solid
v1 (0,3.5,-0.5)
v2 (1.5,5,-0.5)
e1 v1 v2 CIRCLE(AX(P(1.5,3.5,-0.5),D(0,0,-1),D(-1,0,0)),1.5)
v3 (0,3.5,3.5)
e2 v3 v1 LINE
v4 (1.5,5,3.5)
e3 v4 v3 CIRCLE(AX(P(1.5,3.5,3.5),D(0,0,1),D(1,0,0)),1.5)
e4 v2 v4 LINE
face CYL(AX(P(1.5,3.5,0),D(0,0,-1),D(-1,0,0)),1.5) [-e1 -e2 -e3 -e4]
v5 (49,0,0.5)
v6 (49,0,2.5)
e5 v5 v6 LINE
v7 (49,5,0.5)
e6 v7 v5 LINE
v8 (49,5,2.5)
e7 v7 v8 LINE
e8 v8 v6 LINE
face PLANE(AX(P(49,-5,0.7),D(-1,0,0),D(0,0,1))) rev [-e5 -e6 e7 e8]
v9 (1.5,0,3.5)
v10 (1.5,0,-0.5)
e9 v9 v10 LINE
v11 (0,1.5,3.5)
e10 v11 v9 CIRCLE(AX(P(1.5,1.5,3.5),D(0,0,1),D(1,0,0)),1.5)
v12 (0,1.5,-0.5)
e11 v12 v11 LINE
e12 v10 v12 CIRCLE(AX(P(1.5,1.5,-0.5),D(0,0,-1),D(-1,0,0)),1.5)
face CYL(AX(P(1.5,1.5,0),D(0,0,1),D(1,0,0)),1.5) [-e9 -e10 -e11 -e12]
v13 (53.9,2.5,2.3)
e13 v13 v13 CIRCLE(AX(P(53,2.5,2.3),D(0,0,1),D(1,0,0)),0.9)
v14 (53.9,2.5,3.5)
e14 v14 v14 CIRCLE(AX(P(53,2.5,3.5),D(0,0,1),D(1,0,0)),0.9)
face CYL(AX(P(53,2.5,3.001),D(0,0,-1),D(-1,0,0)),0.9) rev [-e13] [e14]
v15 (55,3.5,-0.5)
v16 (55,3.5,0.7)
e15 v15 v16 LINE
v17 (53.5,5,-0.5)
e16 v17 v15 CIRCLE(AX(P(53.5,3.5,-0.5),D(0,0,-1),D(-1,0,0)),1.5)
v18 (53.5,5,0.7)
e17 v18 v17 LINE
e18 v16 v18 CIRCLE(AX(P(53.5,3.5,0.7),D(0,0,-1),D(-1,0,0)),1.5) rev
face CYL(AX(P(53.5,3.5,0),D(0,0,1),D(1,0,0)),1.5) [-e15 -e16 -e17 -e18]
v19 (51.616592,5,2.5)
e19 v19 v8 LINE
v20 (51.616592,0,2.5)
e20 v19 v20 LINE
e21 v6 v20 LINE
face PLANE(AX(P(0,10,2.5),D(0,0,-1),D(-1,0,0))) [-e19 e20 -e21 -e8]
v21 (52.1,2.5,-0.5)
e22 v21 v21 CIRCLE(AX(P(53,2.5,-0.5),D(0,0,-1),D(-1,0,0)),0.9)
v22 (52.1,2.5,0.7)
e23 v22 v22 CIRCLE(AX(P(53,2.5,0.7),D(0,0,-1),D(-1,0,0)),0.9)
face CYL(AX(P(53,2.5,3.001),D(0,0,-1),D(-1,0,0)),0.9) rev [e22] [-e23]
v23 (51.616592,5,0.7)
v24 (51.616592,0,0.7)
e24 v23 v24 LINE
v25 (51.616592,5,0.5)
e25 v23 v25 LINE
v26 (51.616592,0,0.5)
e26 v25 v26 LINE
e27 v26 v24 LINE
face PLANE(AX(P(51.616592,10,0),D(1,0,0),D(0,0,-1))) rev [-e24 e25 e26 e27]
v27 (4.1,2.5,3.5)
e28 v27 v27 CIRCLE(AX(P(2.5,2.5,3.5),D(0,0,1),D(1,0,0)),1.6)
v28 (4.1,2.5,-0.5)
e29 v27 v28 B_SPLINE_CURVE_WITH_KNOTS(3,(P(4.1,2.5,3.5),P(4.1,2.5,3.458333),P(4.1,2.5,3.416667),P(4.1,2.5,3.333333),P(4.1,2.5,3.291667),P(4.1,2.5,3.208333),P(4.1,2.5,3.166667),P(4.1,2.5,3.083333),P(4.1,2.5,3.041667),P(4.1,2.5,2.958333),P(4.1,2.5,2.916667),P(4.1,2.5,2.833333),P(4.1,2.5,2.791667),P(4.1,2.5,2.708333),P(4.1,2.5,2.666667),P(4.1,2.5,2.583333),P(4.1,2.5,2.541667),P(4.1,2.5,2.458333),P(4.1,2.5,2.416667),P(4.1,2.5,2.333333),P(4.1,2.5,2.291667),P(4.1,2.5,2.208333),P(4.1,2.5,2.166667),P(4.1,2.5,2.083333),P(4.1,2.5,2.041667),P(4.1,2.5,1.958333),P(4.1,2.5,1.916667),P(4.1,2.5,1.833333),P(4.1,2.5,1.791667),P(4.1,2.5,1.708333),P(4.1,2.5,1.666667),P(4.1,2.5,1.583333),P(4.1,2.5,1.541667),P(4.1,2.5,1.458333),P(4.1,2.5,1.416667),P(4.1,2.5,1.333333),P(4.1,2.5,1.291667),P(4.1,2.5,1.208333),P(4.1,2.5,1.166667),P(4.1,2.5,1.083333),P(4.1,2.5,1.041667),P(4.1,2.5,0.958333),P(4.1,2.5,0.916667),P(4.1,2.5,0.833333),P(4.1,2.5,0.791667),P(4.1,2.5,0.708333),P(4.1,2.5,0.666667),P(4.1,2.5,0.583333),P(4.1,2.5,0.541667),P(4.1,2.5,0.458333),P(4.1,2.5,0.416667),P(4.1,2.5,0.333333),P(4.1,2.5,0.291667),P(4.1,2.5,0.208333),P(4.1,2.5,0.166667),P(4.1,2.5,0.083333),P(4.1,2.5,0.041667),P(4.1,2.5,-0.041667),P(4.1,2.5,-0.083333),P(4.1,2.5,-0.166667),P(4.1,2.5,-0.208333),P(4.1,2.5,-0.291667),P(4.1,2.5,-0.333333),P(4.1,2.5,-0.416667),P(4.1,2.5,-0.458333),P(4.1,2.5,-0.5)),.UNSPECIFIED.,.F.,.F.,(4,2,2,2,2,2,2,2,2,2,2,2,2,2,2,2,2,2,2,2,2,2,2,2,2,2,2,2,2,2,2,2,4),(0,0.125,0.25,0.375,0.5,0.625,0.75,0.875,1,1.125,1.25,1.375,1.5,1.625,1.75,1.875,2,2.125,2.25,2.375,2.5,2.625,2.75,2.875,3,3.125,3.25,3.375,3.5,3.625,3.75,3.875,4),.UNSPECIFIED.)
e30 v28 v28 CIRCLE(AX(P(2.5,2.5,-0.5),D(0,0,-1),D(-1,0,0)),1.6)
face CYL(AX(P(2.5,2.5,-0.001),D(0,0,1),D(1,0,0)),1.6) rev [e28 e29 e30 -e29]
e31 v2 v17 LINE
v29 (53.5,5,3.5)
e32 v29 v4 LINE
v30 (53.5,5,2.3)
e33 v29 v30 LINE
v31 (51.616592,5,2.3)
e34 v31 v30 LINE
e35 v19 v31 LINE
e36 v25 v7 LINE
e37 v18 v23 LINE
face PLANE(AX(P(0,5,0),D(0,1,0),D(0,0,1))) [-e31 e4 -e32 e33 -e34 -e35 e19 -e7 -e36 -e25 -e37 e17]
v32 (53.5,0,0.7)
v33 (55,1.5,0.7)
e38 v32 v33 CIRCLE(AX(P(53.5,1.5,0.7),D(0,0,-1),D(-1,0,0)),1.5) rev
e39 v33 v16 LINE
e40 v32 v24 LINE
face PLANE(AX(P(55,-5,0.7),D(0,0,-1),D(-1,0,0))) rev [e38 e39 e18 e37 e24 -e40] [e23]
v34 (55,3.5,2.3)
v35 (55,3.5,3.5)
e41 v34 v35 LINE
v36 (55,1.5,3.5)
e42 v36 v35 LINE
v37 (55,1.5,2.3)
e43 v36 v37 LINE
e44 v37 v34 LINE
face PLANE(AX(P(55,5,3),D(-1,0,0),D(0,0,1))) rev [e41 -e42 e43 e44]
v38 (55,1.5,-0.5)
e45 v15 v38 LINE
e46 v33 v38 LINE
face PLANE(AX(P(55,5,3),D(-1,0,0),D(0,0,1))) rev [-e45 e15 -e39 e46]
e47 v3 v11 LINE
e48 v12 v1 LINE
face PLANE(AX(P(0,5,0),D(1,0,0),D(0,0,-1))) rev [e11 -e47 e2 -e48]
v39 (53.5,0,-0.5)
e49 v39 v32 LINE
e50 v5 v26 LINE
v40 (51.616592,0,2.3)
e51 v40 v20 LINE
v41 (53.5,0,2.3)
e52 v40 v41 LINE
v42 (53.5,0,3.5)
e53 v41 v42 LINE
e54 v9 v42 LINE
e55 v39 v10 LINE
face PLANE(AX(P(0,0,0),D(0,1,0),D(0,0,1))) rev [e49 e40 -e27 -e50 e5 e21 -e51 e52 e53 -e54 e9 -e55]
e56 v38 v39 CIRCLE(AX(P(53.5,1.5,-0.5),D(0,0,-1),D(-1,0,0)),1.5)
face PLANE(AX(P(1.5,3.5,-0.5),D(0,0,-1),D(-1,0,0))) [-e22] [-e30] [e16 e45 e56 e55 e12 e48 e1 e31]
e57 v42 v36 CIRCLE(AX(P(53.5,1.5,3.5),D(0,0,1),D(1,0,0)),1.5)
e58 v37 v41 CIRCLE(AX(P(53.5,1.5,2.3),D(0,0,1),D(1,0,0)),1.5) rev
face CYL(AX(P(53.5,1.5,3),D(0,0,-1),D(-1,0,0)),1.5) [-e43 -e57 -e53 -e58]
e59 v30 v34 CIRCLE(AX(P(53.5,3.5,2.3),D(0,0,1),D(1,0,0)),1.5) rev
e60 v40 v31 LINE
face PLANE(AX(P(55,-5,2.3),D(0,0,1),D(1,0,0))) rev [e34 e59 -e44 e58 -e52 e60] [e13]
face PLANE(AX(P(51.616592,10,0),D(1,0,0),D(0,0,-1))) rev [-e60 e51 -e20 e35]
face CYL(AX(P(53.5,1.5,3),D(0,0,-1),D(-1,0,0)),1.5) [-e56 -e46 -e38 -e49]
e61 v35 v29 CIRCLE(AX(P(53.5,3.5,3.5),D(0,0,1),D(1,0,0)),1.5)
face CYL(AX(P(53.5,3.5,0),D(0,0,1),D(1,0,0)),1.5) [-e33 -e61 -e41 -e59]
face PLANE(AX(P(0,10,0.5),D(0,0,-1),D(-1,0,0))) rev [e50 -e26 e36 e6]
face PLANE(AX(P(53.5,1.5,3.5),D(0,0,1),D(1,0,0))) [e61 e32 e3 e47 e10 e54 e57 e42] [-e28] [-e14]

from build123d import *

# Parameters (mm, degrees)
SKETCH_5_W          = 55
SKETCH_5_H          = 3
EXTRUDE_1_DEPTH     = 5
CUT_EXTRUDE_1_REACH = 57.308
SKETCH_6_R          = 1.6
CUT_EXTRUDE_2_REACH = 57.308
SKETCH_7_R          = 0.9
FILLET_1_R          = 1.5
SKETCH_8_W          = 6
SKETCH_8_H          = 1.6
CUT_EXTRUDE_3_DEPTH = 10
SKETCH_9_W          = 2.616592429
SKETCH_9_H          = 0.2
CUT_EXTRUDE_4_DEPTH = 10
SKETCH_10_R         = 1.6
SKETCH_10_R_2       = 0.9
EXTRUDE_2_DEPTH     = 0.5
EXTRUDE_START       = 0.5
SKETCH_11_R         = 0.9
SKETCH_11_R_2       = 1.6
EXTRUDE_3_DEPTH     = 0.5


with BuildPart() as part:
    # 草图5 → 凸台-拉伸1 (new body)
    with BuildSketch(Plane(origin=(0, 0, 0), x_dir=(1, 0, 0), z_dir=(0, 1, 0))):
        with Locations((27.5, -1.5)):
            Rectangle(SKETCH_5_W, SKETCH_5_H)
    extrude(amount=EXTRUDE_1_DEPTH)

    # 草图6 → 切除-拉伸1 (cut, up to next)
    with BuildSketch(Plane.XY.offset(3), mode=Mode.PRIVATE) as cut_extrude_1_sk1:
        with Locations((2.5, 2.5)):
            Circle(SKETCH_6_R)
    cut_extrude_1_tool1 = extrude(cut_extrude_1_sk1.sketch, amount=-CUT_EXTRUDE_1_REACH, mode=Mode.PRIVATE) & part.part
    add(cut_extrude_1_tool1.solids().sort_by_distance((2.5, 2.5, 3))[0], mode=Mode.SUBTRACT)

    # 草图7 → 切除-拉伸2 (cut, up to next)
    with BuildSketch(Plane.XY, mode=Mode.PRIVATE) as cut_extrude_2_sk1:
        with Locations(Location((53, 2.5, 0), (0, 0, 180))):
            Circle(SKETCH_7_R)
    cut_extrude_2_tool1 = extrude(cut_extrude_2_sk1.sketch, amount=CUT_EXTRUDE_2_REACH, mode=Mode.PRIVATE) & part.part
    add(cut_extrude_2_tool1.solids().sort_by_distance((53, 2.5, 0))[0], mode=Mode.SUBTRACT)

    # 圆角1
    fillet_1_edges = [part.edges().sort_by_distance(p)[0] for p in [
        (55, 5, 1.5),
        (55, 0, 1.5),
        (0, 0, 1.5),
        (0, 5, 1.5),
    ]]
    fillet(fillet_1_edges, radius=FILLET_1_R)

    # 草图8 → 切除-拉伸3 (cut)
    with BuildSketch(Plane(origin=(0, 5, 0), x_dir=(1, 0, 0), z_dir=(0, 1, 0))):
        with Locations((52, -1.5)):
            Rectangle(SKETCH_8_W, SKETCH_8_H)
    extrude(amount=-CUT_EXTRUDE_3_DEPTH, mode=Mode.SUBTRACT)

    # 草图9 → 切除-拉伸4 (cut)
    with BuildSketch(Plane.XZ):
        with Locations((50.308296215, 0.6)):
            Rectangle(SKETCH_9_W, SKETCH_9_H)
        with Locations((50.308296215, 2.4)):
            Rectangle(SKETCH_9_W, SKETCH_9_H)
    extrude(amount=-CUT_EXTRUDE_4_DEPTH, mode=Mode.SUBTRACT)

    # 草图10 → 凸台-拉伸2 (add)
    with BuildSketch(Plane.XY.offset(3)):
        with BuildLine():
            Line((55, 1.5), (55, 3.5))
            ThreePointArc((55, 3.5), (54.560660172, 4.560660172), (53.5, 5))
            Line((53.5, 5), (1.5, 5))
            ThreePointArc((1.5, 5), (0.439339828, 4.560660172), (0, 3.5))
            Line((0, 3.5), (0, 1.5))
            ThreePointArc((0, 1.5), (0.439339828, 0.439339828), (1.5, 0))
            Line((1.5, 0), (53.5, 0))
            ThreePointArc((53.5, 0), (54.560660172, 0.439339828), (55, 1.5))
        make_face()
        with Locations((2.5, 2.5)):
            Circle(SKETCH_10_R, mode=Mode.SUBTRACT)
        with Locations((53, 2.5)):
            Circle(SKETCH_10_R_2, mode=Mode.SUBTRACT)
    extrude(amount=EXTRUDE_2_DEPTH)

    # 草图11 → 凸台-拉伸3 (add)
    with BuildSketch(Plane(origin=(0, 0, 0), x_dir=(-1, 0, 0), z_dir=(0, 0, -1)).offset(EXTRUDE_START)):
        with BuildLine():
            Line((-1.5, 5), (-53.5, 5))
            ThreePointArc((-53.5, 5), (-54.560660172, 4.560660172), (-55, 3.5))
            Line((-55, 3.5), (-55, 1.5))
            ThreePointArc((-55, 1.5), (-54.560660172, 0.439339828), (-53.5, 0))
            Line((-53.5, 0), (-1.5, 0))
            ThreePointArc((-1.5, 0), (-0.439339828, 0.439339828), (0, 1.5))
            Line((0, 1.5), (0, 3.5))
            ThreePointArc((0, 3.5), (-0.439339828, 4.560660172), (-1.5, 5))
        make_face()
        with Locations(Location((-53, 2.5, 0), (0, 0, 180))):
            Circle(SKETCH_11_R, mode=Mode.SUBTRACT)
        with Locations(Location((-2.5, 2.5, 0), (0, 0, 180))):
            Circle(SKETCH_11_R_2, mode=Mode.SUBTRACT)
    extrude(amount=-EXTRUDE_3_DEPTH)


solid = part.part
